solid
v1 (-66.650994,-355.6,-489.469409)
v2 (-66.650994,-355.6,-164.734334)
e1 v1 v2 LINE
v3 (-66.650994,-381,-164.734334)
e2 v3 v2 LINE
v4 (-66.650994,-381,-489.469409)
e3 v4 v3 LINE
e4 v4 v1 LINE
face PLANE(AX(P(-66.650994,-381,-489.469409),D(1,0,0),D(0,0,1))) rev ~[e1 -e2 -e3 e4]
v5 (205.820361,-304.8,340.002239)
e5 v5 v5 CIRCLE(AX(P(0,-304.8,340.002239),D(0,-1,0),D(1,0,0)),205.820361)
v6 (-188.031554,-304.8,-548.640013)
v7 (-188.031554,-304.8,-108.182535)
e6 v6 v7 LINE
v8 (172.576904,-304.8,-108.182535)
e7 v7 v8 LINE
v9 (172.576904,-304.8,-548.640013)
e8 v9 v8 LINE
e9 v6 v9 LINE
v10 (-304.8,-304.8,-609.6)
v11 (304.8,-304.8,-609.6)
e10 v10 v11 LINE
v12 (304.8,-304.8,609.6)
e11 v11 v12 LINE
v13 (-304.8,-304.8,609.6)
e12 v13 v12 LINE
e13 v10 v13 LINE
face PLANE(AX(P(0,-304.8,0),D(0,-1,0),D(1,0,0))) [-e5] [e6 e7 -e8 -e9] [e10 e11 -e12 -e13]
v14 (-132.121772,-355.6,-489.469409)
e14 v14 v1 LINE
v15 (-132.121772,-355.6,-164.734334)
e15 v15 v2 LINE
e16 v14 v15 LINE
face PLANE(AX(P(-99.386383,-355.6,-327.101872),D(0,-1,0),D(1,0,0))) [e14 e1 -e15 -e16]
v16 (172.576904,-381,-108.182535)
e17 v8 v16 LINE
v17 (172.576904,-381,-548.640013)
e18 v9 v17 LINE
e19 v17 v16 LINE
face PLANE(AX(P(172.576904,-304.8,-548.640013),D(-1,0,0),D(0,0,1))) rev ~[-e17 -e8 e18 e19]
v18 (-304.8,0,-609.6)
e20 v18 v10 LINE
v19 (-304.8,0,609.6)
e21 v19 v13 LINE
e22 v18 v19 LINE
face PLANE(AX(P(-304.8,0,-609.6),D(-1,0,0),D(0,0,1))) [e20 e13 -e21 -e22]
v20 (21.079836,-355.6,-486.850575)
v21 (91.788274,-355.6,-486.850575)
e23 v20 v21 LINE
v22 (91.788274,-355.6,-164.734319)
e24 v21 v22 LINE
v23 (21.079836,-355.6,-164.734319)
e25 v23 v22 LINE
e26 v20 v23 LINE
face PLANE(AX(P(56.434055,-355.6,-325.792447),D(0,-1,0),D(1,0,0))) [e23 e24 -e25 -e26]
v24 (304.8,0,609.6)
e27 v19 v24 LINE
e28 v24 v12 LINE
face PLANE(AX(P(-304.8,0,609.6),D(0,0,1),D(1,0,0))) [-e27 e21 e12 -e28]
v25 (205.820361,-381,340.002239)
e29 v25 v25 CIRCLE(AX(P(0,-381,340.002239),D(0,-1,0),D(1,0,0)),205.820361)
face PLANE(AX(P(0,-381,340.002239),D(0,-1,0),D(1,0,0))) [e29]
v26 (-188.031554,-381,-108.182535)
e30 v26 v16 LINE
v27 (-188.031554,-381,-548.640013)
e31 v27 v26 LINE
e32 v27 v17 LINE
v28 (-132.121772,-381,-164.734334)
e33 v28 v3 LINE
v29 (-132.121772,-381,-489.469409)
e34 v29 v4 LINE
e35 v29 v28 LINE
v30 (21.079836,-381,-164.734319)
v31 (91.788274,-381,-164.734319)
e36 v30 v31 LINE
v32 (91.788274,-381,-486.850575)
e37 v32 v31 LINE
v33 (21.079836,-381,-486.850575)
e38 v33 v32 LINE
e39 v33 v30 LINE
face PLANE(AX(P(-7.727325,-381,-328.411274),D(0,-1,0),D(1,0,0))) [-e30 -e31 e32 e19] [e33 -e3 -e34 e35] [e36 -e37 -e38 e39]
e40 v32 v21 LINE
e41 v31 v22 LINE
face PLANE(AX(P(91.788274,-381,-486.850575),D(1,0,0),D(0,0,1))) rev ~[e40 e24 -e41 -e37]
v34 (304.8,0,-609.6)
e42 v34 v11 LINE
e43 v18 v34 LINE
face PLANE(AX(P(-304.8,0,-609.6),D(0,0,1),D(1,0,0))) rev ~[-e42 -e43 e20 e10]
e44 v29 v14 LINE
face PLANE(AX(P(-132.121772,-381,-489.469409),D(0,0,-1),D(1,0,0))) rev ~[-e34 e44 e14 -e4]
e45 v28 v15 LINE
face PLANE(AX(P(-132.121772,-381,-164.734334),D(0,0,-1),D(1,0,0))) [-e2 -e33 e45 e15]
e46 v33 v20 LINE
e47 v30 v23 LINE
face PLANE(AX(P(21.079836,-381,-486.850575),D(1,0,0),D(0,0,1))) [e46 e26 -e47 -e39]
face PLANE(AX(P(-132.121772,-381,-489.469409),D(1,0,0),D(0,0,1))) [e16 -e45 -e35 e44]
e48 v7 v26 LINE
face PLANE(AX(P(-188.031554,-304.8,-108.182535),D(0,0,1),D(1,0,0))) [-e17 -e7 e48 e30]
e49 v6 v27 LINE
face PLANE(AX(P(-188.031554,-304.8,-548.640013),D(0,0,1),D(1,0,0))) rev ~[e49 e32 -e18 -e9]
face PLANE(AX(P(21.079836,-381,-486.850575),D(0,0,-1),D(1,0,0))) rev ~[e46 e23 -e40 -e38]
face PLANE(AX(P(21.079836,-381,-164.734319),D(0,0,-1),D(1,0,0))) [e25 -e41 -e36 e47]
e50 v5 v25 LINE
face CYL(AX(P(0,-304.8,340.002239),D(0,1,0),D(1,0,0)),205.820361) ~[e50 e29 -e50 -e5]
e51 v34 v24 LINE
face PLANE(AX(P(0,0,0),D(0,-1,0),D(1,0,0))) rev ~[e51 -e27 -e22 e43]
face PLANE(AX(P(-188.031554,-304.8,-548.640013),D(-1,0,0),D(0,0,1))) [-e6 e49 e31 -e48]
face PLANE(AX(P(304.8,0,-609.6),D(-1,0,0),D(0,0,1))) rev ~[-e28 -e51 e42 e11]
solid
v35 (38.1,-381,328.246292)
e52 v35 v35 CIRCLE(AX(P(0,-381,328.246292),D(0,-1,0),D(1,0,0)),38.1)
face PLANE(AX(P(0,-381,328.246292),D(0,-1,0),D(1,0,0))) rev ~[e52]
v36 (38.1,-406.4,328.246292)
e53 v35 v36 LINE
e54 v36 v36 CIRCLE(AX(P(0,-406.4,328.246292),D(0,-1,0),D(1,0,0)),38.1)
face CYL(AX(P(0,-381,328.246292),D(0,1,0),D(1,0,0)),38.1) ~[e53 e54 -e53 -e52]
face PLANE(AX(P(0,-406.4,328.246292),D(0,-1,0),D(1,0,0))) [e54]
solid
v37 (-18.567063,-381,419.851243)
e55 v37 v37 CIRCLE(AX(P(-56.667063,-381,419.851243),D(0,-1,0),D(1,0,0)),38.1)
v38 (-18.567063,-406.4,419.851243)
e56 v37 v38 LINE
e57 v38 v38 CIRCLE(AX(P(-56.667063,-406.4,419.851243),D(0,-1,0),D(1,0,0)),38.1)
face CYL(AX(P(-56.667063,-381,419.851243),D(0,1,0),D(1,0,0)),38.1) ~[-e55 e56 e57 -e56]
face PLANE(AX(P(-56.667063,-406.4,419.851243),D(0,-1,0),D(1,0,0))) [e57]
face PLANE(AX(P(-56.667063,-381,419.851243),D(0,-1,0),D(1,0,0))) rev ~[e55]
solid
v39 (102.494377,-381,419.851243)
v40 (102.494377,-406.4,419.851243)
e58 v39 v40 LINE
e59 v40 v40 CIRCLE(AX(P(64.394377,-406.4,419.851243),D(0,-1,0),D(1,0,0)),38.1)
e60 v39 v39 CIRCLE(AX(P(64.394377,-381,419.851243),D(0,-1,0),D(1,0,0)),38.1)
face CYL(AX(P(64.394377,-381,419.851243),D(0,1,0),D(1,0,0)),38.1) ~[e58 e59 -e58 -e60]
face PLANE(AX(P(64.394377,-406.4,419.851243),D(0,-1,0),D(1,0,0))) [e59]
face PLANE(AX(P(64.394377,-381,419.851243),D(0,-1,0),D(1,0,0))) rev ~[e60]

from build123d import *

# Parameters (mm, degrees)
F0_W      = 609.6
F0_H      = 1219.2
F1_DEPTH  = 304.8
F2_R      = 205.820361
F3_DEPTH  = 76.2
F4_W      = 360.608458
F4_H      = 440.457478
F5_DEPTH  = 76.2
F6_R      = 38.1
F9_DEPTH  = 25.4
F7_R      = 38.1
F10_DEPTH = 25.4
F8_R      = 38.1
F11_DEPTH = 25.4
F12_W     = 65.470778
F12_H     = 324.735075
F12_W_2   = 70.708439
F12_H_2   = 322.116256
F13_DEPTH = 25.4


with BuildPart() as f1:
    # F0 (on Front) → F1 (new body)
    with BuildSketch(Plane.XZ):
        Rectangle(F0_W, F0_H)
    extrude(amount=F1_DEPTH)

    # F2 (on face) → F3 (join)
    with BuildSketch(Plane.XZ.offset(304.8)):
        with Locations((0, 340.002239)):
            Circle(F2_R)
    extrude(amount=F3_DEPTH)

    # F4 (on face) → F5 (join)
    with BuildSketch(Plane.XZ.offset(304.8)):
        with Locations((-7.727325, -328.411274)):
            Rectangle(F4_W, F4_H)
    extrude(amount=F5_DEPTH)

    # F12 (on face) → F13 (cut)
    with BuildSketch(Plane.XZ.offset(381)):
        with Locations((-99.386383, -327.101872)):
            Rectangle(F12_W, F12_H)
        with Locations((56.434055, -325.792447)):
            Rectangle(F12_W_2, F12_H_2)
    extrude(amount=-F13_DEPTH, mode=Mode.SUBTRACT)


with BuildPart() as f9:
    # F6 (on face) → F9 (new body)
    with BuildSketch(Plane.XZ.offset(381)):
        with Locations((-56.667063, 419.851243)):
            Circle(F6_R)
    extrude(amount=F9_DEPTH)


with BuildPart() as f10:
    # F7 (on face) → F10 (new body)
    with BuildSketch(Plane.XZ.offset(381)):
        with Locations((64.394377, 419.851243)):
            Circle(F7_R)
    extrude(amount=F10_DEPTH)


with BuildPart() as f11:
    # F8 (on face) → F11 (new body)
    with BuildSketch(Plane.XZ.offset(381)):
        with Locations((0, 328.246292)):
            Circle(F8_R)
    extrude(amount=F11_DEPTH)


solid = Compound([f1.part, f9.part, f10.part, f11.part])
